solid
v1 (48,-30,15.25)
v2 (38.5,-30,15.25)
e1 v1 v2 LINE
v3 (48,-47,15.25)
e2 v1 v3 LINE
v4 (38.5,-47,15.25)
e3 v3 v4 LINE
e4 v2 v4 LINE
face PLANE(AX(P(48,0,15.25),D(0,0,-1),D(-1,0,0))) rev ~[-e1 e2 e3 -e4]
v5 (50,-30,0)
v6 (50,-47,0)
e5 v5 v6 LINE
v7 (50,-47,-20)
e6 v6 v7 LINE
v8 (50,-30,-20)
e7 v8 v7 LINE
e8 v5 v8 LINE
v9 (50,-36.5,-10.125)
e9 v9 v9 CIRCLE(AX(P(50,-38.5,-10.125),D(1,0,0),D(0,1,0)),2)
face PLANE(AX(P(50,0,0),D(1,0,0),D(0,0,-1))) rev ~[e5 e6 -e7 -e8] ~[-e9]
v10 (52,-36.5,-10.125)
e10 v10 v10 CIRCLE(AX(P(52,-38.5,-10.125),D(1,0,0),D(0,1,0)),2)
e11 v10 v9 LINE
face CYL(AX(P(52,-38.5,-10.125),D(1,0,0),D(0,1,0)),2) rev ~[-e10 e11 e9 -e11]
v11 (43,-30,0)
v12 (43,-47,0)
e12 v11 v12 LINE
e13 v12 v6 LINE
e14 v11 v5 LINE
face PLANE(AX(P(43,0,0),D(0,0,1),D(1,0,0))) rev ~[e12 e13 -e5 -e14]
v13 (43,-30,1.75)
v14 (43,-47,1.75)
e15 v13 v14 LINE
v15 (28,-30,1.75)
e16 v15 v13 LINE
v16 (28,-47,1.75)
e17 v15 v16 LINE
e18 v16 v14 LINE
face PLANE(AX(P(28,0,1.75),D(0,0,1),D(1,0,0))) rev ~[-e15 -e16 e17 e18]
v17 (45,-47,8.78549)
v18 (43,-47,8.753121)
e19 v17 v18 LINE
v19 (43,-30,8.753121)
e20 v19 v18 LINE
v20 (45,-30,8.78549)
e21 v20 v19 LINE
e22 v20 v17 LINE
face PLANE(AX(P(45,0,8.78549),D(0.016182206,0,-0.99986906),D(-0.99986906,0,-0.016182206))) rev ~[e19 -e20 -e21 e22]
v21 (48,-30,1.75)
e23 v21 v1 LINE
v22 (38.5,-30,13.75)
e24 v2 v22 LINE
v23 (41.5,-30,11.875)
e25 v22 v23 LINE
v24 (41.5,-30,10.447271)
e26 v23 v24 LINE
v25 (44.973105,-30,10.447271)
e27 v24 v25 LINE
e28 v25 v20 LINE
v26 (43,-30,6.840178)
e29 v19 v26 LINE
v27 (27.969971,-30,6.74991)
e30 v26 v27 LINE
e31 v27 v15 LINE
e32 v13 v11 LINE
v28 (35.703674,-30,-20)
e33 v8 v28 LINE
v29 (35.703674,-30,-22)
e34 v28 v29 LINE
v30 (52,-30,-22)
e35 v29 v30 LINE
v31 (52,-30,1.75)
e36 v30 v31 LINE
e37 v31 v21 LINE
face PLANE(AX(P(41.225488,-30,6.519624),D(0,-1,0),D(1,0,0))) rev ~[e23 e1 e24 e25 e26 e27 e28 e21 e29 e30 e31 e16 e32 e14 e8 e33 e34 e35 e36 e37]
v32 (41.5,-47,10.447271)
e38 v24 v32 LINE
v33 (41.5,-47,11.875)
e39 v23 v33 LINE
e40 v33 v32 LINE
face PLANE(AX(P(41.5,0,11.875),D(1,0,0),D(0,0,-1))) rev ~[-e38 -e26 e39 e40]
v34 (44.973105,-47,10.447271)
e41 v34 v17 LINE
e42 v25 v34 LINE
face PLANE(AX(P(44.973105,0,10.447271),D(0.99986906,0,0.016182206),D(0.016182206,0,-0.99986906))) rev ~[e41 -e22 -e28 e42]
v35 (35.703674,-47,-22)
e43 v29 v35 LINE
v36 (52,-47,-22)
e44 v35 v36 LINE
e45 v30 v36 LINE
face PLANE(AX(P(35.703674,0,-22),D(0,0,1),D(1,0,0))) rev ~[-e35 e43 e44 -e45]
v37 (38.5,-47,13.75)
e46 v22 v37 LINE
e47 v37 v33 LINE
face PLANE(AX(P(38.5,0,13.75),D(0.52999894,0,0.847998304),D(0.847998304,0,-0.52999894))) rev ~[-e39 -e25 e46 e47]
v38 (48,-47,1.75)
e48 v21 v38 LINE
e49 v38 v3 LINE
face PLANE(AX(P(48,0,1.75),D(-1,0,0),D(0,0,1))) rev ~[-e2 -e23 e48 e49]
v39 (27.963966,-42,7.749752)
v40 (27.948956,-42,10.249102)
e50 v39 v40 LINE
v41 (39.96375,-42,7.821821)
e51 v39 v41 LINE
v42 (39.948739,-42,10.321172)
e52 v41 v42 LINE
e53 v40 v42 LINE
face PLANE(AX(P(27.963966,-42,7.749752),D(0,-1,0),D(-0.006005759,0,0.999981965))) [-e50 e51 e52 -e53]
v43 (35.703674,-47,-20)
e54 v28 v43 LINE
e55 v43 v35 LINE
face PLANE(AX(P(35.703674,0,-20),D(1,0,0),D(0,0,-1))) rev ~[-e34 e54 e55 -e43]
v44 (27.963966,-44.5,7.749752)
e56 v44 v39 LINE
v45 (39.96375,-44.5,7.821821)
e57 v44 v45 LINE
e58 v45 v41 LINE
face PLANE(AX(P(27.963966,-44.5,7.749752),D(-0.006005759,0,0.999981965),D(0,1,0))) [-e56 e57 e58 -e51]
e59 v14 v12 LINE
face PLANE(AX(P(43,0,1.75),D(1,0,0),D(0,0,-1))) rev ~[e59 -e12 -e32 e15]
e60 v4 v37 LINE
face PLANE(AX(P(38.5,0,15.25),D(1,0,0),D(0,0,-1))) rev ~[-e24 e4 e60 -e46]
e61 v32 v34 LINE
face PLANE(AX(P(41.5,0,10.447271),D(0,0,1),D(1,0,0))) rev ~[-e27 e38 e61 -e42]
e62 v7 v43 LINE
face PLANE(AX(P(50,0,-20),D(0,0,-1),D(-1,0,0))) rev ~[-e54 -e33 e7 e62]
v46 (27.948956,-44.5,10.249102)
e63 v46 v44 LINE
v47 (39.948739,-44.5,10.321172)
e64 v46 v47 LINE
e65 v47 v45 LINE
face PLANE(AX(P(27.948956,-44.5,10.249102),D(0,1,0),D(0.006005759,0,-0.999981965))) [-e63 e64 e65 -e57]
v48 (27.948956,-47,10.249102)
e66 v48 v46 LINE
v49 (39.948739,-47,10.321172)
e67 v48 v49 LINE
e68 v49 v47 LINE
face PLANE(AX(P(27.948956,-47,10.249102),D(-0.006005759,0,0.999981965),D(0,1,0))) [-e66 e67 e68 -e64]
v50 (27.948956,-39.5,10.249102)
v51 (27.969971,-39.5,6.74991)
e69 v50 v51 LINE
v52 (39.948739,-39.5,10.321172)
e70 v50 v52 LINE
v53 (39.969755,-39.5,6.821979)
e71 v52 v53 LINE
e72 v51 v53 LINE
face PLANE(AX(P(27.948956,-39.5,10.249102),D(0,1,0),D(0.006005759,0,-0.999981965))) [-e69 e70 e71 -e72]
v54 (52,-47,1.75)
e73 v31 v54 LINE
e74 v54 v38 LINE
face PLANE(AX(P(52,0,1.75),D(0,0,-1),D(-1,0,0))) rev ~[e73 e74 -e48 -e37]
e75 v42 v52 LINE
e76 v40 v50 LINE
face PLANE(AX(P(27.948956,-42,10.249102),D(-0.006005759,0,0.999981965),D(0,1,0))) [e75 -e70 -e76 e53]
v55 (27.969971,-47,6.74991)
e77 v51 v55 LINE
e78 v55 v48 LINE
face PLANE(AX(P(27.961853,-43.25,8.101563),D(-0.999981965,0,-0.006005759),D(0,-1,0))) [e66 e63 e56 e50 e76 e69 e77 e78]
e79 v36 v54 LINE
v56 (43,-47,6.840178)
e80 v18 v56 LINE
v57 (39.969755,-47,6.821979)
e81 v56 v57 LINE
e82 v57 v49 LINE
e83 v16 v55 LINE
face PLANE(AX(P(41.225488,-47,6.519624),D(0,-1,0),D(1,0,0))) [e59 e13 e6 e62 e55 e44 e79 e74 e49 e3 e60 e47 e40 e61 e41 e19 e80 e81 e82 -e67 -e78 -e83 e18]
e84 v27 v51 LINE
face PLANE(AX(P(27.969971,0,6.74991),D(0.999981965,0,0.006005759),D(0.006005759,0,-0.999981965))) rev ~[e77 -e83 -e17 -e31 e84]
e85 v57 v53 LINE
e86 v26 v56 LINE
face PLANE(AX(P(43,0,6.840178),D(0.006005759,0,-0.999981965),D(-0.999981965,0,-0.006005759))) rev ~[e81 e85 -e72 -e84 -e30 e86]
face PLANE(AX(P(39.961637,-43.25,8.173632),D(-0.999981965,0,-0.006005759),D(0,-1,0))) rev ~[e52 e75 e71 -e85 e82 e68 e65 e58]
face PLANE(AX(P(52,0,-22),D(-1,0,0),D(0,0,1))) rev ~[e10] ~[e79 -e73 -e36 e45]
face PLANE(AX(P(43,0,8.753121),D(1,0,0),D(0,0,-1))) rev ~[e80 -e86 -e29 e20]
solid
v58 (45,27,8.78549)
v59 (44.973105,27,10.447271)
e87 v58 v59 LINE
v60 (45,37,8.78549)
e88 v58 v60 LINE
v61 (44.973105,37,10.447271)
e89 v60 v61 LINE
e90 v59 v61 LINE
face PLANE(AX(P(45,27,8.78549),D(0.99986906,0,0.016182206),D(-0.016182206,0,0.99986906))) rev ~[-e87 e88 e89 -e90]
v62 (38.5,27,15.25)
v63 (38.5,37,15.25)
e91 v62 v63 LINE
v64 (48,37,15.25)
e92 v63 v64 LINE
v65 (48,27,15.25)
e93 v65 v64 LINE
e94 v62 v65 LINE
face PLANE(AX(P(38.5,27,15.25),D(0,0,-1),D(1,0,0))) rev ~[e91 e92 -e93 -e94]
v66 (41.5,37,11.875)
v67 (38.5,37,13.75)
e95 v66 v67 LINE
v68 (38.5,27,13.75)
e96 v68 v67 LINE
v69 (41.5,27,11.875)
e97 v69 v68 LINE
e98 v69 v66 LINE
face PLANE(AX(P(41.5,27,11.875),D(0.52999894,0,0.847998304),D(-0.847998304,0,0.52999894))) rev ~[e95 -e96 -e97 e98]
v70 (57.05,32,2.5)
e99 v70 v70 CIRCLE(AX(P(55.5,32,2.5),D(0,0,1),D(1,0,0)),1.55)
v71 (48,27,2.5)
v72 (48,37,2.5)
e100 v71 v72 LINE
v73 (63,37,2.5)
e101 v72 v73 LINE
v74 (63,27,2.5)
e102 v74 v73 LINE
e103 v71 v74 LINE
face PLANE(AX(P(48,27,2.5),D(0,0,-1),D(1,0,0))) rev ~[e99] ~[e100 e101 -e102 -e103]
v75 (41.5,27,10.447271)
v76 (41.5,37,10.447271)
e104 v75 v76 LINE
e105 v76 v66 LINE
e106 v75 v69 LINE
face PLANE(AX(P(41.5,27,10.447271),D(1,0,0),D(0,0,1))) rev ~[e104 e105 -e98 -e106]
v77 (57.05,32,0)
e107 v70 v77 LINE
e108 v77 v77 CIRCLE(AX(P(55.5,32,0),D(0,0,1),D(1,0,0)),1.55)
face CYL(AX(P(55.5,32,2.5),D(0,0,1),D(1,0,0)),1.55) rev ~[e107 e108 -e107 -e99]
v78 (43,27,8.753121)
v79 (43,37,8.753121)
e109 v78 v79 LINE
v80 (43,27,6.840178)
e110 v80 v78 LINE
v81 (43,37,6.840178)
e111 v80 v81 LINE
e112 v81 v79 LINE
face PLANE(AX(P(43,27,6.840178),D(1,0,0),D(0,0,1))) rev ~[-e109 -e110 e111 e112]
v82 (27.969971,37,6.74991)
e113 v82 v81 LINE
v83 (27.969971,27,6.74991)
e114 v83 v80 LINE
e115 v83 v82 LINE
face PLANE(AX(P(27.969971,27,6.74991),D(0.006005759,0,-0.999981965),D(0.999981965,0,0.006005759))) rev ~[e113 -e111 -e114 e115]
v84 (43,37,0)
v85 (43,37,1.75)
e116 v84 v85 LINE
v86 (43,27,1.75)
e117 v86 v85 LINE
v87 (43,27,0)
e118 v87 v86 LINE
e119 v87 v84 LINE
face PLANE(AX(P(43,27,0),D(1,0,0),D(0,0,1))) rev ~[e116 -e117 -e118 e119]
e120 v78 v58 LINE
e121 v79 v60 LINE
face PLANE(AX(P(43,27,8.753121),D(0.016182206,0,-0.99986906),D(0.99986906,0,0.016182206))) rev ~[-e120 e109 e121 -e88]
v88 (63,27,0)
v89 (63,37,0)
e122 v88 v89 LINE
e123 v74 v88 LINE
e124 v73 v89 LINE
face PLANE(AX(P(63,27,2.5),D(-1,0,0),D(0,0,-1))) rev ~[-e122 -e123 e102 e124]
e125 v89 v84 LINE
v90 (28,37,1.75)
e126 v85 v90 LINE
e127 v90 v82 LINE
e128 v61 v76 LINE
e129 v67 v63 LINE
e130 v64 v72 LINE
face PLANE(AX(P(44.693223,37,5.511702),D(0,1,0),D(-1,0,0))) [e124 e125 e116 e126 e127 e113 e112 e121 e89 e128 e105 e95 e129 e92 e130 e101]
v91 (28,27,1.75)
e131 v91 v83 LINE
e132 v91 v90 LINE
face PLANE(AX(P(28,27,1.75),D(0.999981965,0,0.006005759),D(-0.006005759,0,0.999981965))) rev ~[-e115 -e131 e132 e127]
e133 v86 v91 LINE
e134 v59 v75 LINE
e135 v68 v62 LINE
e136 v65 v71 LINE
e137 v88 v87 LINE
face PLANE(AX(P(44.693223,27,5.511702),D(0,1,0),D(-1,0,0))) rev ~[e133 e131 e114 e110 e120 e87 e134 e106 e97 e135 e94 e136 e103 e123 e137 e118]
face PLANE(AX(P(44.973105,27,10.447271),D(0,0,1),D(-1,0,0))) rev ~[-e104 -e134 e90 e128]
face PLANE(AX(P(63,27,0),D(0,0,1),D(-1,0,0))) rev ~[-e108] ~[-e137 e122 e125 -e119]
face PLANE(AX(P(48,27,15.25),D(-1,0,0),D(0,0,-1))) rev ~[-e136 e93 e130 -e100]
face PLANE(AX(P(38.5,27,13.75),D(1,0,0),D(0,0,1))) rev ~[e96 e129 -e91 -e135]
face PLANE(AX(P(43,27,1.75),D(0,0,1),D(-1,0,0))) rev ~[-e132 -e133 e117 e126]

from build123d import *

# Parameters (mm, degrees)
F1_DEPTH  = 47
F2_DEPTH  = 30
F4_DEPTH  = 12
F5_R      = 2
F6_DEPTH  = 3
F9_DEPTH  = 10
F10_R     = 1.55
F11_DEPTH = 25


with BuildPart() as f1:
    # F0 (on Front) → F1 (new body)
    with BuildSketch(Plane.XZ):
        Polygon((27.9699712028, 6.7499098263), (28, 1.75), (43, 1.75), (43, 0), (48, 0), (50, 0), (52, 0), (52, 1.75), (48, 1.75), (48, 13.75), (48, 15.25), (38.5, 15.25), (38.5, 13.75), (41.5, 11.875), (41.5, 10.4472711682), (44.9731051922, 10.4472711682), (45, 8.7854899466), (43, 8.7531212961), (43, 6.8401781918), align=None)
        Polygon((52, 0), (50, 0), (50, -20), (35.7036739588, -20), (35.7036739588, -22), (52, -22), align=None)
    extrude(amount=F1_DEPTH)

    # F0 (on Front) → F2 (cut)
    with BuildSketch(Plane.XZ):
        Polygon((27.9699712028, 6.7499098263), (28, 1.75), (43, 1.75), (43, 0), (48, 0), (50, 0), (52, 0), (52, 1.75), (48, 1.75), (48, 13.75), (48, 15.25), (38.5, 15.25), (38.5, 13.75), (41.5, 11.875), (41.5, 10.4472711682), (44.9731051922, 10.4472711682), (45, 8.7854899466), (43, 8.7531212961), (43, 6.8401781918), align=None)
        Polygon((52, 0), (50, 0), (50, -20), (35.7036739588, -20), (35.7036739588, -22), (52, -22), align=None)
    extrude(amount=F2_DEPTH, mode=Mode.SUBTRACT)

    # F3 (on face) → F4 (join)
    with BuildSketch(Plane(origin=(28.0094999534, 0, 0.1682213529), x_dir=(0, -1, 0), z_dir=(-0.9999819653, 0, -0.0060057594))):
        Polygon((39.5, 5.9370710514), (47, 5.9370710514), (47, 7.0816674463), (47, 10.0810629427), (44.5, 10.0810629427), (44.5, 7.5816674463), (42, 7.5816674463), (42, 9.5810629427), (42, 10.0810629427), (39.5, 10.0810629427), (39.5, 9.5810629427), align=None)
    extrude(amount=-F4_DEPTH)

    # F5 (on face) → F6 (cut)
    with BuildSketch(Plane.YZ.offset(52)):
        with Locations((-38.5, -10.125)):
            Circle(F5_R)
    extrude(amount=-F6_DEPTH, mode=Mode.SUBTRACT)


with BuildPart() as f9:
    # F8 (on offset) → F9 (new body)
    with BuildSketch(Plane(origin=(0, 27, 0), x_dir=(-1, 0, 0), z_dir=(0, 1, 0))):
        Polygon((-43, 1.75), (-28, 1.75), (-27.9699712028, 6.7499098263), (-43, 6.8401781918), (-43, 8.7531212961), (-45, 8.7854899466), (-44.9731051922, 10.4472711682), (-41.5, 10.4472711682), (-41.5, 11.875), (-38.5, 13.75), (-38.5, 15.25), (-48, 15.25), (-48, 2.5), (-63, 2.5), (-63, 0), (-43, 0), align=None)
    extrude(amount=F9_DEPTH)

    # F10 (on face) → F11 (cut)
    with BuildSketch(Plane.XY.offset(2.5)):
        with Locations((55.5, 32)):
            Circle(F10_R)
    extrude(amount=-F11_DEPTH, mode=Mode.SUBTRACT)


solid = Compound([f1.part, f9.part])
